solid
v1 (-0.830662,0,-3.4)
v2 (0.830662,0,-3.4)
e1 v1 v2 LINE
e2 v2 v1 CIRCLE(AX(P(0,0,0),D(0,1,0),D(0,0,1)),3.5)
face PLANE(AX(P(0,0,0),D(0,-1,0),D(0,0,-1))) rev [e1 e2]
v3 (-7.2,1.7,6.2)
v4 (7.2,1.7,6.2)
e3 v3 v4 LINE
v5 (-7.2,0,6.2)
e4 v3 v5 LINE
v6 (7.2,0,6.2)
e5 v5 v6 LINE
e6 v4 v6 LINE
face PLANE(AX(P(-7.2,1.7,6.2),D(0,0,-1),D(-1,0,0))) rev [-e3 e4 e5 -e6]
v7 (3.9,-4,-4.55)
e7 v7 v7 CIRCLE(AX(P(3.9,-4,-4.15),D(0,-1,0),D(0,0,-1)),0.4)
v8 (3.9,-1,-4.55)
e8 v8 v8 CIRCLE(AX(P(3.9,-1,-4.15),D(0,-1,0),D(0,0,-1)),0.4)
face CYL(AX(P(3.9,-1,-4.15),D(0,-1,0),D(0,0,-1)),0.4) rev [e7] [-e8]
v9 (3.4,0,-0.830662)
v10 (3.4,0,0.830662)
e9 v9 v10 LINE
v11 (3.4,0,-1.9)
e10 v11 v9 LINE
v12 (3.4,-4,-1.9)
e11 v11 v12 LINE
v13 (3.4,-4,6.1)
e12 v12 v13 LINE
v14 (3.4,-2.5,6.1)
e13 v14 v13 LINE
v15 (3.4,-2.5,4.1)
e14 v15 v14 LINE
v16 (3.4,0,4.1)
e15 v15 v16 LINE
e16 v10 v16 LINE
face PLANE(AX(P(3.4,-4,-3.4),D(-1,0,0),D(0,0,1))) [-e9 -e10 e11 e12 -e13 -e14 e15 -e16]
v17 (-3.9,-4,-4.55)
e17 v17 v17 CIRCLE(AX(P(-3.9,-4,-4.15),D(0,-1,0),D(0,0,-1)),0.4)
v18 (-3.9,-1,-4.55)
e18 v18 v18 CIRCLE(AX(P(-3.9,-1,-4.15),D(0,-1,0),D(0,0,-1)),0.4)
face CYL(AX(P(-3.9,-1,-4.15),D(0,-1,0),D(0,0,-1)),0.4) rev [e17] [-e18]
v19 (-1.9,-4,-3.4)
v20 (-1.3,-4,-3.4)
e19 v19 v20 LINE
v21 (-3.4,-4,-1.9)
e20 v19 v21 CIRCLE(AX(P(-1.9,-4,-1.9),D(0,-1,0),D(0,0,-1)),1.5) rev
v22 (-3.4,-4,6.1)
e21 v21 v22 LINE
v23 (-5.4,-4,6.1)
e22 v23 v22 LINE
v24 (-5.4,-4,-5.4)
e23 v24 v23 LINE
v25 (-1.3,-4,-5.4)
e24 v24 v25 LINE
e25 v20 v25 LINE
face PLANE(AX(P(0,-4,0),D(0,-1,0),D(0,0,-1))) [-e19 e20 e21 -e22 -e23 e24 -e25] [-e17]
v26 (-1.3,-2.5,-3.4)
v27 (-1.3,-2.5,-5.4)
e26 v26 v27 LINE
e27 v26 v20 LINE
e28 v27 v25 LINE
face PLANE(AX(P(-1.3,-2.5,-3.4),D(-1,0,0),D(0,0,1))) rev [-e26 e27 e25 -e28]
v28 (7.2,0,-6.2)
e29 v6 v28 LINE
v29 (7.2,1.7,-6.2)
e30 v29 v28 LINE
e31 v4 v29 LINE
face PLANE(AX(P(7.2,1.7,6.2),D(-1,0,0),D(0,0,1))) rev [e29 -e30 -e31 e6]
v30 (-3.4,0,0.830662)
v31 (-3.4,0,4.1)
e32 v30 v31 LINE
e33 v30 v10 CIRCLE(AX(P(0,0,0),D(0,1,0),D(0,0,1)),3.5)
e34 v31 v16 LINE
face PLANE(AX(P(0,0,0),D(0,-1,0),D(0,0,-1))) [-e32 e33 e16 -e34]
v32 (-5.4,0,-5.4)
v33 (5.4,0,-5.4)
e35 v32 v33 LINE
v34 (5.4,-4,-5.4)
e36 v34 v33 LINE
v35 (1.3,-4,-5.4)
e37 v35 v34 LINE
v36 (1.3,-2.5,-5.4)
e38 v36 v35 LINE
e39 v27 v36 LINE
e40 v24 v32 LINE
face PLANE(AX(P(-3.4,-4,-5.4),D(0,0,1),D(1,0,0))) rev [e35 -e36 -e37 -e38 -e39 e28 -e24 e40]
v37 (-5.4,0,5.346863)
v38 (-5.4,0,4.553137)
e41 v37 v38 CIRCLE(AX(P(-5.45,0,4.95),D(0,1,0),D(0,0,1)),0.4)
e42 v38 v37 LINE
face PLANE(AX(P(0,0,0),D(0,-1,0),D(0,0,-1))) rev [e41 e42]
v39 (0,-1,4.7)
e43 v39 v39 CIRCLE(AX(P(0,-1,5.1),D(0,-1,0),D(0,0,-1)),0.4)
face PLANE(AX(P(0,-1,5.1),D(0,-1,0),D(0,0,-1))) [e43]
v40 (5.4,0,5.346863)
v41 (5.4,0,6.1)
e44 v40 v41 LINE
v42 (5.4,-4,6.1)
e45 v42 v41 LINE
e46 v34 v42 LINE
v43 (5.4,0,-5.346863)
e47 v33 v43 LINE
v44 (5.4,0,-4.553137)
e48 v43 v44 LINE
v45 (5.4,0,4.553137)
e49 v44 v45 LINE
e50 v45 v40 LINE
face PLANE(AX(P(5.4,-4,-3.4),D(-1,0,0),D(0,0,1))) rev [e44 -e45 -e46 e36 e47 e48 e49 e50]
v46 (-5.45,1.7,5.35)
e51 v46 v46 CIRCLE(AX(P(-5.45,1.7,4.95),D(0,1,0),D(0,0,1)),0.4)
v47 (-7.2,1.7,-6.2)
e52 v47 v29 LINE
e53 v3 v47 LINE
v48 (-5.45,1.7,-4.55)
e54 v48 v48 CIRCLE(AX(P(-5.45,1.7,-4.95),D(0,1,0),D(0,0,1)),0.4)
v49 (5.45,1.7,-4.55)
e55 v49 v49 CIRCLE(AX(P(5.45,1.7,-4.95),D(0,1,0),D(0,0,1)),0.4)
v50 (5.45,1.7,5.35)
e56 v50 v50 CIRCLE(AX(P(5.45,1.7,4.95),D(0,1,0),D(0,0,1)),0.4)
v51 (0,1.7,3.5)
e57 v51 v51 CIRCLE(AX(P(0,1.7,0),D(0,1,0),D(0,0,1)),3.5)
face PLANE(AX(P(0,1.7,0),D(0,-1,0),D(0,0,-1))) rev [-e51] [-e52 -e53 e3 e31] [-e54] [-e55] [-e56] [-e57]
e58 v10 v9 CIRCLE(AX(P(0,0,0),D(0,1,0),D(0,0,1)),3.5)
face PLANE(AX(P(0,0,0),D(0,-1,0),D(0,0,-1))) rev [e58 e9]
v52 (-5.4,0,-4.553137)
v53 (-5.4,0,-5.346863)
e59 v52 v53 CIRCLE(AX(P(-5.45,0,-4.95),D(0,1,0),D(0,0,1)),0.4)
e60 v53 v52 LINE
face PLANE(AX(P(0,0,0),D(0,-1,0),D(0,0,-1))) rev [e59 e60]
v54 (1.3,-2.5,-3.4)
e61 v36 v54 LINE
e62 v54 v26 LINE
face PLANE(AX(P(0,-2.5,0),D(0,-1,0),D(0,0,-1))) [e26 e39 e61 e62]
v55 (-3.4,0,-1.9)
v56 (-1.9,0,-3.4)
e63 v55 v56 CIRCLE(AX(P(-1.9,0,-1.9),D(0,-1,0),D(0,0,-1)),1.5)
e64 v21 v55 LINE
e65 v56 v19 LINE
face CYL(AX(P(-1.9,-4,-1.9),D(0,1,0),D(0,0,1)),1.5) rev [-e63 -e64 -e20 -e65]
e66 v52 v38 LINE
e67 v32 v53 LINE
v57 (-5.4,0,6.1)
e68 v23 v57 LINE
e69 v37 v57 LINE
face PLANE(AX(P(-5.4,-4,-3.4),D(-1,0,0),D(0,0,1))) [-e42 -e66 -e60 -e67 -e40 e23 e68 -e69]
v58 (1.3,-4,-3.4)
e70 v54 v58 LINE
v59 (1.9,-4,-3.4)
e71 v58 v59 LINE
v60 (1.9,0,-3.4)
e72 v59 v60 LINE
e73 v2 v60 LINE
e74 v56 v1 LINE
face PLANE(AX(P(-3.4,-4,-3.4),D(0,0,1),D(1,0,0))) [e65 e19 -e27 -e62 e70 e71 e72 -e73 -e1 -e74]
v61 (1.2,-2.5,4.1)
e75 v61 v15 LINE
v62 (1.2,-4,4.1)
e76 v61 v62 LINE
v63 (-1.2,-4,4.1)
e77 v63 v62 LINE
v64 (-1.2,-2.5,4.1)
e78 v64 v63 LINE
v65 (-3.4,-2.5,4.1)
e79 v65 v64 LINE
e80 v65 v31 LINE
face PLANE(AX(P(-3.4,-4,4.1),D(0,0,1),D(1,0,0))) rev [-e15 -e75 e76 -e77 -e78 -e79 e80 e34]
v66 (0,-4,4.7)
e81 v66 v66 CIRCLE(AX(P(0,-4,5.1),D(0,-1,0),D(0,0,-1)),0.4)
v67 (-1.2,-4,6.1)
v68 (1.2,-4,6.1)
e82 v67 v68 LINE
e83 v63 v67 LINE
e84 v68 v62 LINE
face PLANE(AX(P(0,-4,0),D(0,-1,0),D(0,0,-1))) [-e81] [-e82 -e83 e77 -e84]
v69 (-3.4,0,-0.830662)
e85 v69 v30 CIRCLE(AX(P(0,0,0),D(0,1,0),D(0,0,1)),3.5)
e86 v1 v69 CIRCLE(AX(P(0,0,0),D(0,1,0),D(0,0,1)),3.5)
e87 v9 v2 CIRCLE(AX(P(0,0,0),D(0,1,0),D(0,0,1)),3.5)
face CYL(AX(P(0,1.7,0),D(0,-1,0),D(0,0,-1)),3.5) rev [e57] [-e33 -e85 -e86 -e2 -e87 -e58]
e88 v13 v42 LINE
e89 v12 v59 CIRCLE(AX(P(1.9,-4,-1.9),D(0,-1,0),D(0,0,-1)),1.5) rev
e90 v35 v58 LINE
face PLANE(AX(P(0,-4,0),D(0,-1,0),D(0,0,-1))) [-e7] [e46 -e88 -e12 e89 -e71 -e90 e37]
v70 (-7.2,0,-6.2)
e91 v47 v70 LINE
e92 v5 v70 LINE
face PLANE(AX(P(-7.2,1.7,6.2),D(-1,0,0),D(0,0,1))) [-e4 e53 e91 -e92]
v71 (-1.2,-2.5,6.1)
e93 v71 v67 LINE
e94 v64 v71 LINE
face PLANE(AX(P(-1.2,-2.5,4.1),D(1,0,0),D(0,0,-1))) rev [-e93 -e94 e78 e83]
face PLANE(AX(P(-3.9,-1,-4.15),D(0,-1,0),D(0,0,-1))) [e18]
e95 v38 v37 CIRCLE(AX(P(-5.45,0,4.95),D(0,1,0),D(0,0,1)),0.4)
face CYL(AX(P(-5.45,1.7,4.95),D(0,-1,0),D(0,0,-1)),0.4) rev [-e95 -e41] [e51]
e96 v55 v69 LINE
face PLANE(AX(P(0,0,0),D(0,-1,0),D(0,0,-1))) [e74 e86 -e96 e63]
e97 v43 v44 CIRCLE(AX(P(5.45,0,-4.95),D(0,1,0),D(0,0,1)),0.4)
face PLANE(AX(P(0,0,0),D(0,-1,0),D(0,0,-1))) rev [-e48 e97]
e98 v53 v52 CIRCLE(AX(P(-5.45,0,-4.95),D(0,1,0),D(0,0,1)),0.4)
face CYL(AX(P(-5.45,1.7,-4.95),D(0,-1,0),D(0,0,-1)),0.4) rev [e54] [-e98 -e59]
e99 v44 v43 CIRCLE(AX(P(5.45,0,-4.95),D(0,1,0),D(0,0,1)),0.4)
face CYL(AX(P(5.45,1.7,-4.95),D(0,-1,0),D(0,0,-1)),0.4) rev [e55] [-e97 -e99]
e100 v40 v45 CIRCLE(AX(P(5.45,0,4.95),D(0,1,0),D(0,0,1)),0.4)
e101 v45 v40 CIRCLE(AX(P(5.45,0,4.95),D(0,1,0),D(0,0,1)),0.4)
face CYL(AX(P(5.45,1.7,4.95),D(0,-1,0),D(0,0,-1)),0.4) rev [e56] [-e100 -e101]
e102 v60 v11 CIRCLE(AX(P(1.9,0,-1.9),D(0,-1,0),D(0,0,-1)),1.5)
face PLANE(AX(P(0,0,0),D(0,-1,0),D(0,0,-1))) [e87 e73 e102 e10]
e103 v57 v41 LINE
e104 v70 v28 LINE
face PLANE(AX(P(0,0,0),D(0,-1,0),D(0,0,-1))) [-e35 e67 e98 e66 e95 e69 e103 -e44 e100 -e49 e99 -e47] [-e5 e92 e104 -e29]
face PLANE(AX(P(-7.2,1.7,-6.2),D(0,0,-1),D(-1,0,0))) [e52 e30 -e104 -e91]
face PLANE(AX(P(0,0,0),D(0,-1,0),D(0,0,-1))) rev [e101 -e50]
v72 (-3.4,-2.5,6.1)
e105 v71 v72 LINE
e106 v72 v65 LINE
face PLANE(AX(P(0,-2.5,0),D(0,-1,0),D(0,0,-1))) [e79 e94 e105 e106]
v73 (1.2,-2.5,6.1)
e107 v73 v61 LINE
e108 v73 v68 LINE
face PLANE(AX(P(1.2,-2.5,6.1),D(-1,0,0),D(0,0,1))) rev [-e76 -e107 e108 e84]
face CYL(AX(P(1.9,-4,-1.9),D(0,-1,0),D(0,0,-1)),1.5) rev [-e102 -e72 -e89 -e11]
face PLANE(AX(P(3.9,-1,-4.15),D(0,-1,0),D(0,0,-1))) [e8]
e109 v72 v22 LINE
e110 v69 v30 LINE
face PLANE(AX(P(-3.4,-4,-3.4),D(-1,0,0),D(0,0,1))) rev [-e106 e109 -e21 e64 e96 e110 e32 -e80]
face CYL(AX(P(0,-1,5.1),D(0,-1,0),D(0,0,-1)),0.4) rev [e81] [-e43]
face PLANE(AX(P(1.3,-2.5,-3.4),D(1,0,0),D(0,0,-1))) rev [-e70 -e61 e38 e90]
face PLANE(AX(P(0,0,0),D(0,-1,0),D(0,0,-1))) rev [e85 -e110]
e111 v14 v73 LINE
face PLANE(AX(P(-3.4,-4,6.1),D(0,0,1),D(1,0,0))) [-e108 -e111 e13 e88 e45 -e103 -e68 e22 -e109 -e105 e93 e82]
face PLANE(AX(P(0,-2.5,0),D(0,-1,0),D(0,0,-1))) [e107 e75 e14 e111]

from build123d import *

# Parameters (mm, degrees)
SKETCH_1_W          = 14.4
SKETCH_1_H          = 12.4
SKETCH_1_R          = 3.5
SKETCH_1_R_2        = 0.4
EXTRUDE_1_DEPTH     = 1.7
SKETCH_2_W          = 10.8
SKETCH_2_H          = 11.5
SKETCH_2_W_2        = 6.8
SKETCH_2_H_2        = 7.5
EXTRUDE_1_2_DEPTH   = 4
FILLET_1_R          = 1.5
SKETCH_3_W          = 2.2
SKETCH_3_H          = 2
SKETCH_3_W_2        = 2.6
CUT_EXTRUDE_1_DEPTH = 1.5
SKETCH_4_R          = 0.4
CUT_EXTRUDE_2_DEPTH = 3


with BuildPart() as part:
    # 草图1 → Extrude 1 (new body)
    with BuildSketch(Plane(origin=(0, 0, 0), x_dir=(1, 0, 0), z_dir=(0, 1, 0))):
        Rectangle(SKETCH_1_W, SKETCH_1_H)
        with Locations(Location((0, 0, 0), (0, 0, 270))):
            Circle(SKETCH_1_R, mode=Mode.SUBTRACT)
        with Locations(Location((5.45, -4.95, 0), (0, 0, 270))):
            Circle(SKETCH_1_R_2, mode=Mode.SUBTRACT)
        with Locations(Location((-5.45, -4.95, 0), (0, 0, 270))):
            Circle(SKETCH_1_R_2, mode=Mode.SUBTRACT)
        with Locations(Location((5.45, 4.95, 0), (0, 0, 270))):
            Circle(SKETCH_1_R_2, mode=Mode.SUBTRACT)
        with Locations(Location((-5.45, 4.95, 0), (0, 0, 270))):
            Circle(SKETCH_1_R_2, mode=Mode.SUBTRACT)
    extrude(amount=EXTRUDE_1_DEPTH)

    # 草图2 → Extrude 1 2 (add)
    with BuildSketch(Plane.XZ):
        with Locations((0, 0.35)):
            Rectangle(SKETCH_2_W, SKETCH_2_H)
        with Locations((0, 0.35)):
            Rectangle(SKETCH_2_W_2, SKETCH_2_H_2, mode=Mode.SUBTRACT)
    extrude(amount=EXTRUDE_1_2_DEPTH)

    # 圆角1
    fillet_1_edges = [part.edges().sort_by_distance(p)[0] for p in [
        (3.4, -2, -3.4),
        (-3.4, -2, -3.4),
    ]]
    fillet(fillet_1_edges, radius=FILLET_1_R)

    # 草图3 → 切除-拉伸1 (cut)
    with BuildSketch(Plane.XZ.offset(4)):
        with Locations((-2.3, 5.1)):
            Rectangle(SKETCH_3_W, SKETCH_3_H)
        with Locations((2.3, 5.1)):
            Rectangle(SKETCH_3_W, SKETCH_3_H)
        with Locations((0, -4.4)):
            Rectangle(SKETCH_3_W_2, SKETCH_3_H)
    extrude(amount=-CUT_EXTRUDE_1_DEPTH, mode=Mode.SUBTRACT)

    # 草图4 → 切除-拉伸2 (cut)
    with BuildSketch(Plane.XZ.offset(4)):
        with Locations(Location((-3.9, -4.15, 0), (0, 0, 270))):
            Circle(SKETCH_4_R)
        with Locations(Location((3.9, -4.15, 0), (0, 0, 270))):
            Circle(SKETCH_4_R)
        with Locations(Location((0, 5.1, 0), (0, 0, 270))):
            Circle(SKETCH_4_R)
    extrude(amount=-CUT_EXTRUDE_2_DEPTH, mode=Mode.SUBTRACT)


solid = part.part
